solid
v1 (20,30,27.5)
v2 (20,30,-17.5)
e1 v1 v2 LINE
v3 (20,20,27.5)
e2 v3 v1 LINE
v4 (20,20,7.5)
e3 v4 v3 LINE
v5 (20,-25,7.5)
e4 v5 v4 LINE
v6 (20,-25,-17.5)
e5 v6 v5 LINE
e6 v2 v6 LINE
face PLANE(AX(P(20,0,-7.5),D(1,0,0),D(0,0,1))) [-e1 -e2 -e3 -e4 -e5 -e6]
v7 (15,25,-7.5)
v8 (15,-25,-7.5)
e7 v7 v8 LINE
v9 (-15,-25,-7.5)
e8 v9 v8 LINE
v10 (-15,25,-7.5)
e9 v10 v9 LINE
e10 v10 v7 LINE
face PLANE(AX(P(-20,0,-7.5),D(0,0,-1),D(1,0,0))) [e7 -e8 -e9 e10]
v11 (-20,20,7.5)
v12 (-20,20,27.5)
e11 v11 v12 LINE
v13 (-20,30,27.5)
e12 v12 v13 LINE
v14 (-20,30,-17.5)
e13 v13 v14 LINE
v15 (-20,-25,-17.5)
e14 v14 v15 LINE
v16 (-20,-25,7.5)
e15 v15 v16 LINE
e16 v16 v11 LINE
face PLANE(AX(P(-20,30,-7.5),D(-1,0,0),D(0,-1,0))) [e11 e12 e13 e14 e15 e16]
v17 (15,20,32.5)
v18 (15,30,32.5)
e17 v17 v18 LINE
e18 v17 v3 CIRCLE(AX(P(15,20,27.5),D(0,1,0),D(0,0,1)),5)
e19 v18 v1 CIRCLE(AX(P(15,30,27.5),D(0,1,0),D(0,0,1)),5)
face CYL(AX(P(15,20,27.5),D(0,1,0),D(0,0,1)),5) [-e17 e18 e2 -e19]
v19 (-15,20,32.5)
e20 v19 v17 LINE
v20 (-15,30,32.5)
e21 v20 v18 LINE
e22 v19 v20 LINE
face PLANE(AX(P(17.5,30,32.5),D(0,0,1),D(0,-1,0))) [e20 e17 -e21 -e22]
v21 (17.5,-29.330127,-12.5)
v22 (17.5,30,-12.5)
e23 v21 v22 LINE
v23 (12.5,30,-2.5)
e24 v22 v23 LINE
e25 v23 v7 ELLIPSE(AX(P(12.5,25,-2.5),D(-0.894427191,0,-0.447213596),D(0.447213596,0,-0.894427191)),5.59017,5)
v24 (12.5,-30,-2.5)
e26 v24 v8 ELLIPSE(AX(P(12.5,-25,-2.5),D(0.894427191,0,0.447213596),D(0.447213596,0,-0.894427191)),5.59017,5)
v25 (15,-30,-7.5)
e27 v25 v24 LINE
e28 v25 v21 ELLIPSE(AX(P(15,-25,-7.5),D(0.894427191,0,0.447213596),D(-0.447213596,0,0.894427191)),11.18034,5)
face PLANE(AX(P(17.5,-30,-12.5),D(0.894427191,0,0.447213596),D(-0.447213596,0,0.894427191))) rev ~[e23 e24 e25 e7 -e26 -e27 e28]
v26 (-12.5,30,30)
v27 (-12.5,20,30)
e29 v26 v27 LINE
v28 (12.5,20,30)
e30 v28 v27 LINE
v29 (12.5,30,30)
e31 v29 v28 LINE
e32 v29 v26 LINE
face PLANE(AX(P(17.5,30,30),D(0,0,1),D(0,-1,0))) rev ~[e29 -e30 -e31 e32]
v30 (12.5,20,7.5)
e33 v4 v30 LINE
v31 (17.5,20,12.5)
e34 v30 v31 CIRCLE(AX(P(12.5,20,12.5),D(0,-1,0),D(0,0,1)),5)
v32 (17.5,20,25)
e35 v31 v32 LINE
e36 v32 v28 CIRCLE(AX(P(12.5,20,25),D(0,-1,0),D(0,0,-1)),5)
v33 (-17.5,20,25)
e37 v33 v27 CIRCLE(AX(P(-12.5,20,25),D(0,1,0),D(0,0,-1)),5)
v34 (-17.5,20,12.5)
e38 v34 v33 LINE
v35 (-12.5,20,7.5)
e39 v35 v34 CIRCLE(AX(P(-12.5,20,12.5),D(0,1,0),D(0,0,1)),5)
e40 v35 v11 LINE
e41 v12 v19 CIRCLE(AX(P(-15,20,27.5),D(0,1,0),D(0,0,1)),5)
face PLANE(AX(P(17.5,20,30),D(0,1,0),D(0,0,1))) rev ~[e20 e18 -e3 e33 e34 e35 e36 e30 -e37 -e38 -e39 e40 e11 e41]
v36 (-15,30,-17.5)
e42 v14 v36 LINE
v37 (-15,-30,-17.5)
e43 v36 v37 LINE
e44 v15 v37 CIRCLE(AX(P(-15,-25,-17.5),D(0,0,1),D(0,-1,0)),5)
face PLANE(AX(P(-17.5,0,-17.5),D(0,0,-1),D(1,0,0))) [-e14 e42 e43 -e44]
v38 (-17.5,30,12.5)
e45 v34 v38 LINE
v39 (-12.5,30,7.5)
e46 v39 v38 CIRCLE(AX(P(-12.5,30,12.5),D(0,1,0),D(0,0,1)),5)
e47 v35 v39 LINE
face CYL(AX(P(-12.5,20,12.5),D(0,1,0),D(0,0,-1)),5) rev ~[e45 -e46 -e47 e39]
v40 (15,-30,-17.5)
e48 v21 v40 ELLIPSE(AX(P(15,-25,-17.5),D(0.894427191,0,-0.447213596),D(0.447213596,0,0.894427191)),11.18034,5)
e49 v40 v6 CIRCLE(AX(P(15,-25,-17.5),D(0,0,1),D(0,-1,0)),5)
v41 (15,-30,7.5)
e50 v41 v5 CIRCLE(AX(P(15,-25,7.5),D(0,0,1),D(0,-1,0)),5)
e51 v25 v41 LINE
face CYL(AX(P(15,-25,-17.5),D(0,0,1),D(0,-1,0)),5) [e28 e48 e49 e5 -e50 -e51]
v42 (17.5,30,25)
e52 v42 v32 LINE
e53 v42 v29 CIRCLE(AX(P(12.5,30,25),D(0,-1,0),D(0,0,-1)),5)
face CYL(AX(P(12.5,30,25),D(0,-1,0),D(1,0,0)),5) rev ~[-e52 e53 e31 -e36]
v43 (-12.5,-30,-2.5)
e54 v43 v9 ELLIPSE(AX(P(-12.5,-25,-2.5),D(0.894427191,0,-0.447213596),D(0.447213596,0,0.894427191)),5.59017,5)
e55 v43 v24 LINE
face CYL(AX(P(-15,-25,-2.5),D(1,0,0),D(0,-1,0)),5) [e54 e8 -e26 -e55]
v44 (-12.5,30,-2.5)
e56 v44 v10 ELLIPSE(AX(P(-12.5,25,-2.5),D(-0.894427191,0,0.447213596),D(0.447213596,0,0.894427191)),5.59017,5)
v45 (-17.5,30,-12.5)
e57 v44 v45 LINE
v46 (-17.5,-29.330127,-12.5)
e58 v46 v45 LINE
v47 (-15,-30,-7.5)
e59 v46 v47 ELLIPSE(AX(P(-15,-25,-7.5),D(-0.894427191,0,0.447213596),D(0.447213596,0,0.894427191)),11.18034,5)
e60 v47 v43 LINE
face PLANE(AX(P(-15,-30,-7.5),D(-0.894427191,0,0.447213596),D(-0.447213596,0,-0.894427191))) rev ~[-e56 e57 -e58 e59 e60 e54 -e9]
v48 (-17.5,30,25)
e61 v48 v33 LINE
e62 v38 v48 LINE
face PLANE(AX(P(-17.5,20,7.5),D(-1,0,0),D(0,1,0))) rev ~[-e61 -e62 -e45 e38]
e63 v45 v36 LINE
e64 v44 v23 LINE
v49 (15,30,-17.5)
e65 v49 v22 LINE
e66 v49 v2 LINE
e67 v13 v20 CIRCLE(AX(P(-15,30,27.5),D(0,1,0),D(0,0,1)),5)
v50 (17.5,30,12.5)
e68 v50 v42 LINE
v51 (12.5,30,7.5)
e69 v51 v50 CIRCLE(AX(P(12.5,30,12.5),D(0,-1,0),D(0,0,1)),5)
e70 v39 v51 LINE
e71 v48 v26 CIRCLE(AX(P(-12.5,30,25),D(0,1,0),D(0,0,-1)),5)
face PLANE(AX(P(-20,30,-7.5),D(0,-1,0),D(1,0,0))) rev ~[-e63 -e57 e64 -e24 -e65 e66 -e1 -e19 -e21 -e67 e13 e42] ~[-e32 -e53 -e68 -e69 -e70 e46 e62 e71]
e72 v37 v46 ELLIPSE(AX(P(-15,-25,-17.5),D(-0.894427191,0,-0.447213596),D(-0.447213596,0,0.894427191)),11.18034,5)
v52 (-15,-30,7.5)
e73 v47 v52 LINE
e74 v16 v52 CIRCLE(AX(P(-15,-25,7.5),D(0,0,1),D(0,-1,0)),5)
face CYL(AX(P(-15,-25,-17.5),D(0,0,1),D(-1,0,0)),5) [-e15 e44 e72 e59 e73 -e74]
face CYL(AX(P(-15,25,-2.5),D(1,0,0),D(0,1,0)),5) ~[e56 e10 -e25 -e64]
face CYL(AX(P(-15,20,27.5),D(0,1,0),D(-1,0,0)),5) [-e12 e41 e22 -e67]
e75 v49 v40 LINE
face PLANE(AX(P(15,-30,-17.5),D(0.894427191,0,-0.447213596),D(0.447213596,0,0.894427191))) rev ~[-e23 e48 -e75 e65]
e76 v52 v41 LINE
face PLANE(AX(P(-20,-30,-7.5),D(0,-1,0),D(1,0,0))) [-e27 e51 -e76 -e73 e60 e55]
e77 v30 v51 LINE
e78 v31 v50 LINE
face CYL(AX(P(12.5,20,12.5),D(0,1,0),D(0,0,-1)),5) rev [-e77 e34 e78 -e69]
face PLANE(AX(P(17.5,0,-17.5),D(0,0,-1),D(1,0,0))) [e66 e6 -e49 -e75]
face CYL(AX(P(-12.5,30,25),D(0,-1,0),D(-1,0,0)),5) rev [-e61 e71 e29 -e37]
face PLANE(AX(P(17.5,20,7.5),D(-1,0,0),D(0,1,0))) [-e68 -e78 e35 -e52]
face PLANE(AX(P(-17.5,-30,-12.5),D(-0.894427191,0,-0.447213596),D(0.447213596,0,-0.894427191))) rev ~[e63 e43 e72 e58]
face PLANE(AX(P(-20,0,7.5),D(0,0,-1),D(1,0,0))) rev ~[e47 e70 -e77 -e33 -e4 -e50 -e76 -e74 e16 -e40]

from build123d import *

# Parameters (mm, degrees)
F0_W     = 40
F0_H     = 15
F1_DEPTH = 30
F2_W     = 2.5
F2_H     = 10
F3_DEPTH = 25
F4_W     = 10
F4_H     = 2.5
F5_DEPTH = 35
F6_W     = 5
F6_H     = 60
F7_DEPTH = 10
F9_DEPTH = 60.001
F10_R    = 5


with BuildPart() as f1:
    # F0 (on Front) → F1 (new body, symmetric)
    with BuildSketch(Plane.XZ):
        Rectangle(F0_W, F0_H)
    extrude(amount=F1_DEPTH, both=True)

    # F2 (on face) → F3 (join)
    with BuildSketch(Plane.XY.offset(7.5)):
        with Locations((-18.75, 25)):
            Rectangle(F2_W, F2_H)
        with Locations((18.75, 25)):
            Rectangle(F2_W, F2_H)
    extrude(amount=F3_DEPTH)

    # F4 (on face) → F5 (join, through all)
    with BuildSketch(Plane(origin=(17.5, 0, 0), x_dir=(0, -1, 0), z_dir=(-1, 0, 0))):
        with Locations((-25, 31.25)):
            Rectangle(F4_W, F4_H)
    extrude(amount=F5_DEPTH)

    # F6 (on face) → F7 (join)
    with BuildSketch(Plane(origin=(0, 0, -7.5), x_dir=(1, 0, 0), z_dir=(0, 0, -1))):
        with Locations((-17.5, 0)):
            Rectangle(F6_W, F6_H)
        with Locations((17.5, 0)):
            Rectangle(F6_W, F6_H)
    extrude(amount=F7_DEPTH)

    # F8 (on face) → F9 (cut, through all)
    with BuildSketch(Plane.XZ.offset(30)):
        Polygon((-15, -7.5), (-17.5, -12.5), (-15, -17.5), align=None)
        Polygon((17.5, -12.5), (15, -7.5), (15, -17.5), align=None)
    extrude(amount=-F9_DEPTH, mode=Mode.SUBTRACT)

    # F10
    f10_edges = [f1.edges().sort_by_distance(p)[0] for p in [
        (20, 25, 32.5),
        (-20, 25, 32.5),
        (-17.5, 25, 30),
        (17.5, 25, 30),
        (17.5, 25, 7.5),
        (-17.5, 25, 7.5),
        (20, -30, -5),
        (-20, -30, -5),
        (0, -30, -7.5),
        (0, 30, -7.5),
    ]]
    fillet(f10_edges, radius=F10_R)


solid = f1.part
